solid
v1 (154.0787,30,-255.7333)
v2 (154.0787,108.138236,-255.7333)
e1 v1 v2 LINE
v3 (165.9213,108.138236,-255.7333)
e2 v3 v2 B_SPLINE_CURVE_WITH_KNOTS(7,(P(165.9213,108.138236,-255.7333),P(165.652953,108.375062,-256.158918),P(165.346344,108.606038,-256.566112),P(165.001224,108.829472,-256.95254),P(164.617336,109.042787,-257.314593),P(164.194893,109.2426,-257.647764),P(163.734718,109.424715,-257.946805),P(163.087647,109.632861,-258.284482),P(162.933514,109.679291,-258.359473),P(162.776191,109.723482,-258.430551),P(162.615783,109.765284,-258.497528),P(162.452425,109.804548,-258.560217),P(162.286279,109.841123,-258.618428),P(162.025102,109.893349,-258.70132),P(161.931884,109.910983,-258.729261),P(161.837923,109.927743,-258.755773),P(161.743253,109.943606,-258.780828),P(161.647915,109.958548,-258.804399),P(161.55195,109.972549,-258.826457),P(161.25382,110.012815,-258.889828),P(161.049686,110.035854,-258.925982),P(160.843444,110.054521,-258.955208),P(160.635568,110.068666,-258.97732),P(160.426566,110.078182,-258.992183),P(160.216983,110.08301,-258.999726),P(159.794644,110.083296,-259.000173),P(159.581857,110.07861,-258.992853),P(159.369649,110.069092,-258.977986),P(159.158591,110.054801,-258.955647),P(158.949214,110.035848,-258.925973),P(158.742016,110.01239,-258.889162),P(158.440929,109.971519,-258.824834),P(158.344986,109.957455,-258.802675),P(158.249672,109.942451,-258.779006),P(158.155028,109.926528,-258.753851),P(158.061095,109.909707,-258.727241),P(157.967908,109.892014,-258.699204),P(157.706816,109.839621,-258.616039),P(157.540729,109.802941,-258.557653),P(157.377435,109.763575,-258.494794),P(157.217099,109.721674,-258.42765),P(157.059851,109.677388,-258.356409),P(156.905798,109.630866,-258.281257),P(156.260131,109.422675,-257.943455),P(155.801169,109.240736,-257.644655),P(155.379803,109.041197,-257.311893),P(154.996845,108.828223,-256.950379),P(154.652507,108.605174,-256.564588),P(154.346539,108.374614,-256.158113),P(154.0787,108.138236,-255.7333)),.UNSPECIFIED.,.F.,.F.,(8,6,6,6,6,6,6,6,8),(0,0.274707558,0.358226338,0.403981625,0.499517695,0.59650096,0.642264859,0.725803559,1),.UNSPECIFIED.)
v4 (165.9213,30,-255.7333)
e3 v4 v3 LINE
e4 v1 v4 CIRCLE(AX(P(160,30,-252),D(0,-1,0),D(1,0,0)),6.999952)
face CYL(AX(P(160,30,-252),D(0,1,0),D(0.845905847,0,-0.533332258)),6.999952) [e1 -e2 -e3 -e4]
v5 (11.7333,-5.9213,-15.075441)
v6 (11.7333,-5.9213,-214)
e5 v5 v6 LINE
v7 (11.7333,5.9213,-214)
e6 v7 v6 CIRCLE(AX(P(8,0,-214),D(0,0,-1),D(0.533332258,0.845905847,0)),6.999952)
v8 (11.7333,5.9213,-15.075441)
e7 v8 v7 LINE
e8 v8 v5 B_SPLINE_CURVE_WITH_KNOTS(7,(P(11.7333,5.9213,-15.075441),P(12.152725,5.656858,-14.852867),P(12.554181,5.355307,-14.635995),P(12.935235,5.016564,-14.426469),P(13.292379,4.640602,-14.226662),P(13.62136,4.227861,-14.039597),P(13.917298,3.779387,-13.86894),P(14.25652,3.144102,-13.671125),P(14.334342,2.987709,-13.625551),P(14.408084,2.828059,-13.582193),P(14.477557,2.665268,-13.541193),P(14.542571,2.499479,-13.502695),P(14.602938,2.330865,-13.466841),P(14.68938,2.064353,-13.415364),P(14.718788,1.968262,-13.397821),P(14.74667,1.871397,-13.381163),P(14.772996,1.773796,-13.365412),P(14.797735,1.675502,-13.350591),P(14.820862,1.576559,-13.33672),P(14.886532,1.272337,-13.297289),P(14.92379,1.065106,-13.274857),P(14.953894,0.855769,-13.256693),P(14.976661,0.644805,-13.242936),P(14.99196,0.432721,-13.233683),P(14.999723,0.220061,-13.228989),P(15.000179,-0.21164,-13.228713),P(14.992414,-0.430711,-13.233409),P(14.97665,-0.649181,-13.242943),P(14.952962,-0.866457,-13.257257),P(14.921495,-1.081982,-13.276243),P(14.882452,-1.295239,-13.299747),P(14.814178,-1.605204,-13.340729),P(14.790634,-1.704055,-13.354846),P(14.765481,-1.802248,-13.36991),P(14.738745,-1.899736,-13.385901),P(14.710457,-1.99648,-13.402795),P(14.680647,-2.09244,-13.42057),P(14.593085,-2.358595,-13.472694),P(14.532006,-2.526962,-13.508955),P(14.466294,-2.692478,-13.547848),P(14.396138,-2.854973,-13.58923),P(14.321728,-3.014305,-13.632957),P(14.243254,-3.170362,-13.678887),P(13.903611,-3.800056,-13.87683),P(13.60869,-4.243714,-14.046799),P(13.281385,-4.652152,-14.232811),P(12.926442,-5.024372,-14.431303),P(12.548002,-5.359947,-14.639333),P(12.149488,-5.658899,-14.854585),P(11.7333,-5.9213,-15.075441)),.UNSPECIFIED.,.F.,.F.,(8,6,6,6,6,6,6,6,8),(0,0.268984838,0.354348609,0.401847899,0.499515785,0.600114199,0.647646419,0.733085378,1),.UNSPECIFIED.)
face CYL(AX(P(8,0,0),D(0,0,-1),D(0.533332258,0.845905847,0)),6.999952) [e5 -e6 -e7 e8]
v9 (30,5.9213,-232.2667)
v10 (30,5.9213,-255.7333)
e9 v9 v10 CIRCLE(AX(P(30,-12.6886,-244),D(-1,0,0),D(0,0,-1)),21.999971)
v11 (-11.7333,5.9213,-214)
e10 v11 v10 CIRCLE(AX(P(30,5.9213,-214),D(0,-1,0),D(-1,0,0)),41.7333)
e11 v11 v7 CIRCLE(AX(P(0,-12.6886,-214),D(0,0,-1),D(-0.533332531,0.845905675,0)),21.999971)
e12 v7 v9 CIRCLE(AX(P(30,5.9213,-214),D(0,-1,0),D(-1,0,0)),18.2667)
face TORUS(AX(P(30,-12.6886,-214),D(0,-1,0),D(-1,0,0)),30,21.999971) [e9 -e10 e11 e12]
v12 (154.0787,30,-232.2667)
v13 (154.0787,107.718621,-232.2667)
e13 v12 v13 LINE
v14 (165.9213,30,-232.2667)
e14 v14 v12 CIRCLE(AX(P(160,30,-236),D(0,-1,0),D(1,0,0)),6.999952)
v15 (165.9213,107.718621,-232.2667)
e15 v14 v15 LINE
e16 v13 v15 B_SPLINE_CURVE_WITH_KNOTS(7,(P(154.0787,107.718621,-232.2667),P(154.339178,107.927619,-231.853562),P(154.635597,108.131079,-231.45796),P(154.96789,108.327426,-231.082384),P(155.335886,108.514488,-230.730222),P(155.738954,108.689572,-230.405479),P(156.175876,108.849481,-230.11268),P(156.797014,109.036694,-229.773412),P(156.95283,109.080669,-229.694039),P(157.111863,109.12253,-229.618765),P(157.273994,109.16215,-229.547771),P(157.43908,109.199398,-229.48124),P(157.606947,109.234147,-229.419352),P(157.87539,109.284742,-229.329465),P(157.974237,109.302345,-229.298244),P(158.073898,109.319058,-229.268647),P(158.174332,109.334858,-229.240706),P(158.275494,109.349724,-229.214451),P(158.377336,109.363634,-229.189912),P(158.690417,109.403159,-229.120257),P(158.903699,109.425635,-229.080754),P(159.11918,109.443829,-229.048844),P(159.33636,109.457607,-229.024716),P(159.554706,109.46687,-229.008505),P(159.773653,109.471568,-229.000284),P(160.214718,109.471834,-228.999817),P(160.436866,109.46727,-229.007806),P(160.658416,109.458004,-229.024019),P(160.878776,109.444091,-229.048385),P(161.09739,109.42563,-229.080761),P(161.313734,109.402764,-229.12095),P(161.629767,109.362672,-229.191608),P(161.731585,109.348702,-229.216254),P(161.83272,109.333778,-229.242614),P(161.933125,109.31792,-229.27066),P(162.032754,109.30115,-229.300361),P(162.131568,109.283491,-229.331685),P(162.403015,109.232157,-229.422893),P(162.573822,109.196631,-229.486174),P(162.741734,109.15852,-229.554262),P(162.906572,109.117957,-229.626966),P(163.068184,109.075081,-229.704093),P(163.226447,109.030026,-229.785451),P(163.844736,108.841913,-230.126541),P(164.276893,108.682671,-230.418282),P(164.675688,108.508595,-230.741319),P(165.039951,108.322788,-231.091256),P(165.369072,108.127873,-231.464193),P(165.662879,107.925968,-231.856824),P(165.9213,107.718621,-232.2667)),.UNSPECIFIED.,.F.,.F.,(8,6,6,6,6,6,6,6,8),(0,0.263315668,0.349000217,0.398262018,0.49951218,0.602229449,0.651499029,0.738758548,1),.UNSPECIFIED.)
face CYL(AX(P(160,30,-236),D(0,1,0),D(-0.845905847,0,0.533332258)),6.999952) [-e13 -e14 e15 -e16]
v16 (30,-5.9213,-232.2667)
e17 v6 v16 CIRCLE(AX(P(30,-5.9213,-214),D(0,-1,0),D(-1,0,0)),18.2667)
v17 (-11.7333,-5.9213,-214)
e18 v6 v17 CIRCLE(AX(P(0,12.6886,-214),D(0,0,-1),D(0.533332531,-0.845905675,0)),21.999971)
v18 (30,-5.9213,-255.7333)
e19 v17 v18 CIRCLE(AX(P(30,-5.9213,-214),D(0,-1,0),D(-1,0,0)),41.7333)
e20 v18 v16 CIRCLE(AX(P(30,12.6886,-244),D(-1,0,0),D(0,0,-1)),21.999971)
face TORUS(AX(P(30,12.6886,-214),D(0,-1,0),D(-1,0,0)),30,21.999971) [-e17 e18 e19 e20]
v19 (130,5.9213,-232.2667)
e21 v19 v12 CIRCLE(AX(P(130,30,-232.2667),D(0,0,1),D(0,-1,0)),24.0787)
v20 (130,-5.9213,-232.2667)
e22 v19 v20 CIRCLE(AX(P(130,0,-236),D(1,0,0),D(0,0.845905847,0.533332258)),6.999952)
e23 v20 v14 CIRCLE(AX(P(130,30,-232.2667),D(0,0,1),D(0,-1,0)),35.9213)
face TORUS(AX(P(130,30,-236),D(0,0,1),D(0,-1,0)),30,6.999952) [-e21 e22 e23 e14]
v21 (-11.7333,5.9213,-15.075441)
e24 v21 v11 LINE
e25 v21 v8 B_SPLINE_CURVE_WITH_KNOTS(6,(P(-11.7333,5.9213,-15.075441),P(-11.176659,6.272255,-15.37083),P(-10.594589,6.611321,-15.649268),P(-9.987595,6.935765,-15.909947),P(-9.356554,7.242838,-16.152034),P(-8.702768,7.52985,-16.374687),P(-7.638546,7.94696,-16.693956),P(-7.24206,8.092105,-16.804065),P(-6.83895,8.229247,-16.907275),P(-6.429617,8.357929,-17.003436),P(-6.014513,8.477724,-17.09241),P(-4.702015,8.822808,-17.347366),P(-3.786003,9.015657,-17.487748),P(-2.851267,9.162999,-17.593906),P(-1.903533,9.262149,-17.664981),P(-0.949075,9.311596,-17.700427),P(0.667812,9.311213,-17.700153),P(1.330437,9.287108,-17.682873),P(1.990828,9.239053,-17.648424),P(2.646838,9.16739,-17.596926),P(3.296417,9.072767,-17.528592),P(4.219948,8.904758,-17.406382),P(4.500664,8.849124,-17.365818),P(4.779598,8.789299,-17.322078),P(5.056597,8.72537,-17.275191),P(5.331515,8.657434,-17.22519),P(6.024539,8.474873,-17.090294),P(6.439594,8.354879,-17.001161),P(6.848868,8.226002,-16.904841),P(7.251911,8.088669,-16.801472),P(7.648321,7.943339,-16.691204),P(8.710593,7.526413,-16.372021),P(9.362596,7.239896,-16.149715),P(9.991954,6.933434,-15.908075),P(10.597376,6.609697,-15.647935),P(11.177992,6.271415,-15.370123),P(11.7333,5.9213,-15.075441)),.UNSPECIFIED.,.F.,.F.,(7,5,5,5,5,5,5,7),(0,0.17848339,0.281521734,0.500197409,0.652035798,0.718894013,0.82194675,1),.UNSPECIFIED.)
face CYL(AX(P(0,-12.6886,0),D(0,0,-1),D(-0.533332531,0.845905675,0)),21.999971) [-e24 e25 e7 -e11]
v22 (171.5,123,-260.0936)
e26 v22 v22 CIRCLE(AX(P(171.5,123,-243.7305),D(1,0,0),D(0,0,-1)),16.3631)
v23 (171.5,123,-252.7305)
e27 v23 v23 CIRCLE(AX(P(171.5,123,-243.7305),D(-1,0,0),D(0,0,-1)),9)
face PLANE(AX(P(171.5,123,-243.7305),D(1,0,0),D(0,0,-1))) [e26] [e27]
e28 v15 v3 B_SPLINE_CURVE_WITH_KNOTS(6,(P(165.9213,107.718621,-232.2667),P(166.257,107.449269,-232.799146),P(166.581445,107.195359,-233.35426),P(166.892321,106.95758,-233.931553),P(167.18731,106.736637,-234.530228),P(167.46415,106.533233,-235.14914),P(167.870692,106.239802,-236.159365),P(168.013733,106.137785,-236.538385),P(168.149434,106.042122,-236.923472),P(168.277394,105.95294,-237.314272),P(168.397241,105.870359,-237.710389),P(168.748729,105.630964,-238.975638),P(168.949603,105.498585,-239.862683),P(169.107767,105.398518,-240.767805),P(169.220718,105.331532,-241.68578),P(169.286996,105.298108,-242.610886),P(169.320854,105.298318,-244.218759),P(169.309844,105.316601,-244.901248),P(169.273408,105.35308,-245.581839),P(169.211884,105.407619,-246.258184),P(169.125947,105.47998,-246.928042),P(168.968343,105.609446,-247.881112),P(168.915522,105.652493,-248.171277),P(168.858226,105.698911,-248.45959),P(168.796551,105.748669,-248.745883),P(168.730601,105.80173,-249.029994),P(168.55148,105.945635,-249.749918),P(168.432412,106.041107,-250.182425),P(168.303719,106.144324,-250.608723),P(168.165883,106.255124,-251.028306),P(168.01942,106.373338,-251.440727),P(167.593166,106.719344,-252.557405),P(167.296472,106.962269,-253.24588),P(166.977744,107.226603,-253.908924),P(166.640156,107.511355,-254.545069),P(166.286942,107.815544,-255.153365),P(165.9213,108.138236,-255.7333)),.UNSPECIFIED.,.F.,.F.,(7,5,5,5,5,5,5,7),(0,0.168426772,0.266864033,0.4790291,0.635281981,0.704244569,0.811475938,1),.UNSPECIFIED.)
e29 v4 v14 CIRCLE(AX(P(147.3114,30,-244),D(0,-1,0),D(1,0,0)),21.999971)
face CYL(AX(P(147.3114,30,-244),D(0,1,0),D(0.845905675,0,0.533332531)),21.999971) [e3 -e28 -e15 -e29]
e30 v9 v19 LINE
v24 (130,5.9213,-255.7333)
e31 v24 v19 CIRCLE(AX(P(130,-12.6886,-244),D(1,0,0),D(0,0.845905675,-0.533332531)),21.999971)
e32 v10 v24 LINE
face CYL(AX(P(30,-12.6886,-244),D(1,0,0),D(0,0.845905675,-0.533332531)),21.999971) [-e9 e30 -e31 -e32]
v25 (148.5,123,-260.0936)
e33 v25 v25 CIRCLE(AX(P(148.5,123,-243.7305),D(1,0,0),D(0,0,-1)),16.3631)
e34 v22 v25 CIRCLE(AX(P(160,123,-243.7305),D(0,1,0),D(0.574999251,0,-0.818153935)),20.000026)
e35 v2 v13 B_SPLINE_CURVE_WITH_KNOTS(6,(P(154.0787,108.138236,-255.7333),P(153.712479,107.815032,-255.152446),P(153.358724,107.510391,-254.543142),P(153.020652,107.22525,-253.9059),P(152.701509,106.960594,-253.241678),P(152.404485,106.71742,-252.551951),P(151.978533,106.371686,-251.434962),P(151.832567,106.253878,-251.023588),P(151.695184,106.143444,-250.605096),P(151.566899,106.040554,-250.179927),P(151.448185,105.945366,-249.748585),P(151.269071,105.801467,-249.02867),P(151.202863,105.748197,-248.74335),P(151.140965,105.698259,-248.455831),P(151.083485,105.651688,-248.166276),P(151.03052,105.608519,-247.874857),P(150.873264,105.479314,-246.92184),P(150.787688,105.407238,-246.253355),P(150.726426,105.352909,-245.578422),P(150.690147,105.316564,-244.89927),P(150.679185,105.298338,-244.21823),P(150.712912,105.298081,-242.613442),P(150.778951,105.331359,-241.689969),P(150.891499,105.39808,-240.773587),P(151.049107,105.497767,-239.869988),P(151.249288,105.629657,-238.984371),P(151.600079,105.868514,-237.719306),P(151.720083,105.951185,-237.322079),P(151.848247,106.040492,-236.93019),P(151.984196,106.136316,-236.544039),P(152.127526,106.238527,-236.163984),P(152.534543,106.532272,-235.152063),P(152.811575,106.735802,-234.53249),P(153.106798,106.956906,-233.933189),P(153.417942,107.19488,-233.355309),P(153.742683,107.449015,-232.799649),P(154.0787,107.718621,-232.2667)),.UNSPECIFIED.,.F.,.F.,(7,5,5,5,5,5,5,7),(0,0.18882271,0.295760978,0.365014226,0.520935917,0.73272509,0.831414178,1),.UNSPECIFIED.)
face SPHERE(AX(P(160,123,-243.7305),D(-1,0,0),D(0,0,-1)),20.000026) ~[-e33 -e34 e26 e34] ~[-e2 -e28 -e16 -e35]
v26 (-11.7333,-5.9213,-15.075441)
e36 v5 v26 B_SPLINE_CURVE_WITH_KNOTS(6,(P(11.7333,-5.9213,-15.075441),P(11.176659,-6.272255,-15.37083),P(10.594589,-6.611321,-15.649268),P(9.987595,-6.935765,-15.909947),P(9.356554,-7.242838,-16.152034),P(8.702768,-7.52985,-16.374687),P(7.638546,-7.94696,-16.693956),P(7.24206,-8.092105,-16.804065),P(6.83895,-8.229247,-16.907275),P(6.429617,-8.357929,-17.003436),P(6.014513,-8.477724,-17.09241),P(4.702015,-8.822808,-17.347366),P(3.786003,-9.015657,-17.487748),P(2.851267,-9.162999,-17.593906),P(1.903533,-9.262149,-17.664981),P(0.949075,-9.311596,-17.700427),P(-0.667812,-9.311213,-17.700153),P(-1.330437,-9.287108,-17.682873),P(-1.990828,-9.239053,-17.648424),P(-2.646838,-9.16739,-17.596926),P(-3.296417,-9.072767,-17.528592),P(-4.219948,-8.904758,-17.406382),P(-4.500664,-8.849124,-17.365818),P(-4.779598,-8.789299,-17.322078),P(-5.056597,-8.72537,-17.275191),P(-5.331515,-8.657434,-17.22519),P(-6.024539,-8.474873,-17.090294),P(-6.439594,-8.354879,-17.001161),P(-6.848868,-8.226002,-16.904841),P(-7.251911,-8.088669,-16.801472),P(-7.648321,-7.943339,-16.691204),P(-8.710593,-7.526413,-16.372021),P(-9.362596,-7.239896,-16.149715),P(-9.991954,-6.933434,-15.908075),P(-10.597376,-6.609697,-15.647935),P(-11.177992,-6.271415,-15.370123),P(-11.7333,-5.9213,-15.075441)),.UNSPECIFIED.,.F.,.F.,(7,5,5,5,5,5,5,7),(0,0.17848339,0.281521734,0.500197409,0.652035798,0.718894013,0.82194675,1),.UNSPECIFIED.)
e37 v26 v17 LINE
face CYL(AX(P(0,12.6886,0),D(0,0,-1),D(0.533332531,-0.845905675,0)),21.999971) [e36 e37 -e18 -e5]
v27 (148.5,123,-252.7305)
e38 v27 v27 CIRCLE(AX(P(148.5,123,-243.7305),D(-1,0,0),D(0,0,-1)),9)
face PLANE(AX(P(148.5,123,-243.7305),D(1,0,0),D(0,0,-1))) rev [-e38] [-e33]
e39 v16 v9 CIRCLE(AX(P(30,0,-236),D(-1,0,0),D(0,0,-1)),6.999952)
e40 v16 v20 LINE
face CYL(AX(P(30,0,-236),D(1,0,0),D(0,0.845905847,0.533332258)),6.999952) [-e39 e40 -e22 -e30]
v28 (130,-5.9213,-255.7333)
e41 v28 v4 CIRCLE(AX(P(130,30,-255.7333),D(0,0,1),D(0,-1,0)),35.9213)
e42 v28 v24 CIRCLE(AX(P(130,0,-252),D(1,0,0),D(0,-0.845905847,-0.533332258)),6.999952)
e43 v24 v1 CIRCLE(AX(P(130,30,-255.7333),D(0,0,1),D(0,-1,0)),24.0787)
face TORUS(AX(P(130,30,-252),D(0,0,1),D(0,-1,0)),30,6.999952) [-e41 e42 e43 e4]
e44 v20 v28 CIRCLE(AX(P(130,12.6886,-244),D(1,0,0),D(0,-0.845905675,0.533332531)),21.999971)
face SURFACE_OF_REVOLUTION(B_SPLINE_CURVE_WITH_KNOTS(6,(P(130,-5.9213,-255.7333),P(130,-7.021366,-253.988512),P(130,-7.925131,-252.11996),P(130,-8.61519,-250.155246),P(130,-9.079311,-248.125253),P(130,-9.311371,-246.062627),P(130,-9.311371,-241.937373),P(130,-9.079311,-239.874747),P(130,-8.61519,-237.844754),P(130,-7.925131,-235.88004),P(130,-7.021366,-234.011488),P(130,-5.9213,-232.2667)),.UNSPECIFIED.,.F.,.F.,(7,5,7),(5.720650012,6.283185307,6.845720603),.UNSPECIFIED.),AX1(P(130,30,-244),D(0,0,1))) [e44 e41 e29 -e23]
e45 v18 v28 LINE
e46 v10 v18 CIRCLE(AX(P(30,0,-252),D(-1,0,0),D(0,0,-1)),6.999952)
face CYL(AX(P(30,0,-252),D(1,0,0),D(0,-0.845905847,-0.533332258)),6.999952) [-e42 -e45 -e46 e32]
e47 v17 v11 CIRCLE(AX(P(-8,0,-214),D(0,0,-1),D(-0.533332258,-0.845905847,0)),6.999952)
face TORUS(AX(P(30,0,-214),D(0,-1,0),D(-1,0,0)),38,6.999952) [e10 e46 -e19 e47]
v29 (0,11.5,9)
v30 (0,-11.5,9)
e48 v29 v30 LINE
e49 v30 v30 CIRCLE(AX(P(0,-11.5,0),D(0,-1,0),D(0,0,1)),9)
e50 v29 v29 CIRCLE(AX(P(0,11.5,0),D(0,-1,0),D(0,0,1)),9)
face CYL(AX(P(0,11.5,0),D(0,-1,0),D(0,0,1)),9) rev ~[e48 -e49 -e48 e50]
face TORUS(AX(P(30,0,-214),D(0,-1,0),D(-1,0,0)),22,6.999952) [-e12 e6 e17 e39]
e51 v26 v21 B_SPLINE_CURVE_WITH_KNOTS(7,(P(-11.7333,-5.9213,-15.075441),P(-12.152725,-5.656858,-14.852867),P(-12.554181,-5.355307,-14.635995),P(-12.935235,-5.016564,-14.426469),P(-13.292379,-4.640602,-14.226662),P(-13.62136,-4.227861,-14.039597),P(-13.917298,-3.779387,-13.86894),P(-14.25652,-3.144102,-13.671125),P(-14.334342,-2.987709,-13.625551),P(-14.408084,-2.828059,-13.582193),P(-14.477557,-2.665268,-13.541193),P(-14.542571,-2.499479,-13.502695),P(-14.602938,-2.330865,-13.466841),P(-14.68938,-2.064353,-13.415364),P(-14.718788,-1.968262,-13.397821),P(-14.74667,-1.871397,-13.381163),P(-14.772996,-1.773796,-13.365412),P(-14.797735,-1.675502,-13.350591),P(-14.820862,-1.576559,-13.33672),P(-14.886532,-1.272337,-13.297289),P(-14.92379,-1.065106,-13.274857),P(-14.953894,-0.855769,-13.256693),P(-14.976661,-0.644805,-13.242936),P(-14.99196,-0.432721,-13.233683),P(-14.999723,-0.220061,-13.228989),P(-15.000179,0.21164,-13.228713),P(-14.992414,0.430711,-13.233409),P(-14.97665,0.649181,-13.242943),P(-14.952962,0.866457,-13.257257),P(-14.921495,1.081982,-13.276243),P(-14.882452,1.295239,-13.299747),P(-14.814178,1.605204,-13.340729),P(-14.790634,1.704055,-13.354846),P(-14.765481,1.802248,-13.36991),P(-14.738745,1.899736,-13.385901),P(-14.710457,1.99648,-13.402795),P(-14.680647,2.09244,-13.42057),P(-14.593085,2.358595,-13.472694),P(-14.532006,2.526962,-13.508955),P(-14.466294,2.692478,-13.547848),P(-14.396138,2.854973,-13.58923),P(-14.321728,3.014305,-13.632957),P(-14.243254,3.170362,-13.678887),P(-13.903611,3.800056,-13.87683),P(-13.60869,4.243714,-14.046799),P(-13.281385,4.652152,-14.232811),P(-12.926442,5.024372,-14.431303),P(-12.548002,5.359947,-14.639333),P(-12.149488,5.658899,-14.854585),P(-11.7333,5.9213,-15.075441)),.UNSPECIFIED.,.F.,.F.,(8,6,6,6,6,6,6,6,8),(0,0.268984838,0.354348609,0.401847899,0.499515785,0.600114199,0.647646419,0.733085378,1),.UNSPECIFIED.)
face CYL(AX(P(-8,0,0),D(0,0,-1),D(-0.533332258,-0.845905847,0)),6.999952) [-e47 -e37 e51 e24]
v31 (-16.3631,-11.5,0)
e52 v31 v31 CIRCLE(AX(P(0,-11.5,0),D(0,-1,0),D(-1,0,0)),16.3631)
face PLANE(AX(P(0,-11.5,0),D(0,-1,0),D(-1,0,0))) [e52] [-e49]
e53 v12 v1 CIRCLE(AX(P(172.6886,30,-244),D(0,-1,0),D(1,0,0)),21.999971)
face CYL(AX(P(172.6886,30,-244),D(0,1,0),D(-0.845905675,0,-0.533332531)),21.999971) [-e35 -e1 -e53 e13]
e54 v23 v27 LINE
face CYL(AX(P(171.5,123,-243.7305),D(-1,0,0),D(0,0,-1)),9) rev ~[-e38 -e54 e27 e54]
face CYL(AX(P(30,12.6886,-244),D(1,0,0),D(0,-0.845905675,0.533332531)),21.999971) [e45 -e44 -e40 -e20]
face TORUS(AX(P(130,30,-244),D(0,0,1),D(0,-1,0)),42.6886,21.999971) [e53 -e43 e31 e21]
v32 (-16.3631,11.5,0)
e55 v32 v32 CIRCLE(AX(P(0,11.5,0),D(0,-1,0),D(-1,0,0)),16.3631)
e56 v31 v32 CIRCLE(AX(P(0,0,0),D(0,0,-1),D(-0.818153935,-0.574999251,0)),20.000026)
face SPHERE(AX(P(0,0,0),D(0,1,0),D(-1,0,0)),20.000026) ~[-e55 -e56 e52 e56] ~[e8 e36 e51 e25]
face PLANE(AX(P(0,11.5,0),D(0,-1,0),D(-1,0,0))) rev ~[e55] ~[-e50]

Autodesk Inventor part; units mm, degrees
ref_plane "YZ Plane" through (0, 0, 0) normal (1, 0, 0) x (0, 1, 0)
ref_plane "XZ Plane" through (0, 0, 0) normal (0, 1, 0) x (-1, 0, 0)
ref_plane "XY Plane" through (0, 0, 0) normal (0, 0, 1) x (1, 0, 0)
sketch "Sketch1" plane through (0, 0, 0) normal (0, 0, -1) x (-1, 0, 0)
  line L0 (8, 0) -> (-8, 0) construction
  arc A0 (11.7333, -5.9213) -> (11.7333, 5.9213) centre (8, 0) ccw
  arc A1 (-11.7333, 5.9213) -> (-11.7333, -5.9213) centre (-8, 0) ccw
  arc A2 (11.7333, 5.9213) -> (-11.7333, 5.9213) centre (0, -12.6886) ccw
  arc A3 (-11.7333, -5.9213) -> (11.7333, -5.9213) centre (0, 12.6886) ccw
  point P0 (0, 0)
  point P1 (0, 0)
  dimension "d7" = 16
  dimension "d8" = 7
  dimension "d9" = 22
sketch3d "3D Sketch1"
  line L0 (0, 0, 0) -> (0, 0, -214)
  arc A0 (0, 0, -214) -> (30, 0, -244) centre (30, 0, -214) ccw
  line L1 (30, 0, -244) -> (130, 0, -244)
  arc A1 (130, 0, -244) -> (160, 30, -244) centre (130, 30, -244) ccw
  line L2 (160, 30, -244) -> (160, 123, -244)
  dimension "d0" = 244
  dimension "d3" = 123
  dimension "d4" = 160
  dimension "d5" = 30
  dimension "d6" = 30
sweep "Sweep1" add profiles "Sketch1" path "3D Sketch1"
sketch "Sketch2" plane through (0, 0, 0) normal (0, 0, -1) x (-1, 0, 0)
  arc A0 (16.3631, -11.5) -> (16.3631, 11.5) centre (0, 0) ccw
  line L0 (0, 20) -> (0, -20) construction
  line L1 (16.3631, 11.5) -> (0, 11.5)
  line L2 (16.3631, -11.5) -> (0, -11.5)
  line L3 (0, 11.5) -> (0, -11.5)
  dimension "d12" = 20
  dimension "d13" = 23
revolve "Revolution1" add sketch "Sketch2" angle 360 about axis through (0, 20, 0) along (0, -1, 0)
sketch "Sketch3" plane through (160, 123, -236) normal (0, 1, 0) x (1, 0, 0)
  arc A0 (5.9213, 19.7333) -> (-5.9213, 19.7333) centre (0, 16) ccw projected
  arc A1 (11.5, 24.0936) -> (-11.5, 24.0936) centre (0, 7.7305) ccw
  line L0 (-11.5, 7.7305) -> (11.5, 7.7305)
  line L1 (-11.5, 7.7305) -> (-11.5, 24.0936)
  line L2 (11.5, 24.0936) -> (11.5, 7.7305)
  point P0 (-160, -236)
  point P1 (0, 7.7305)
  dimension "d15" = 20
  dimension "d16" = 23
revolve "Revolution2" add sketch "Sketch3" angle 360 about axis through (148.5, 123, -243.7305) along (1, 0, 0)
sketch "Sketch4" plane through (0, 11.5, 0) normal (0, 1, 0) x (1, 0, 0)
  circle A0 centre (0, 0) radius 16.3631 projected
  point P0 (0, 0)
hole "Hole1" at (0, 11.5, 0) direction (0, -1, 0) diameter 18 end through all
sketch "Sketch5" plane through (171.5, 123, -243.7305) normal (1, 0, 0) x (0, 0, -1)
  circle A0 centre (0, 0) radius 16.3631 projected
  point P0 (-243.7305, -123)
hole "Hole2" at (171.5, 123, -243.7305) direction (-1, 0, 0) diameter 18 end through all
ref_plane "Work Plane1" through (0, 0, 0) normal (0, 0, -1) x (-1, 0, 0)
equation "\"d6\" = d5"
properties part number "Part15 3D Sketches" material "Steel, Carbon"
